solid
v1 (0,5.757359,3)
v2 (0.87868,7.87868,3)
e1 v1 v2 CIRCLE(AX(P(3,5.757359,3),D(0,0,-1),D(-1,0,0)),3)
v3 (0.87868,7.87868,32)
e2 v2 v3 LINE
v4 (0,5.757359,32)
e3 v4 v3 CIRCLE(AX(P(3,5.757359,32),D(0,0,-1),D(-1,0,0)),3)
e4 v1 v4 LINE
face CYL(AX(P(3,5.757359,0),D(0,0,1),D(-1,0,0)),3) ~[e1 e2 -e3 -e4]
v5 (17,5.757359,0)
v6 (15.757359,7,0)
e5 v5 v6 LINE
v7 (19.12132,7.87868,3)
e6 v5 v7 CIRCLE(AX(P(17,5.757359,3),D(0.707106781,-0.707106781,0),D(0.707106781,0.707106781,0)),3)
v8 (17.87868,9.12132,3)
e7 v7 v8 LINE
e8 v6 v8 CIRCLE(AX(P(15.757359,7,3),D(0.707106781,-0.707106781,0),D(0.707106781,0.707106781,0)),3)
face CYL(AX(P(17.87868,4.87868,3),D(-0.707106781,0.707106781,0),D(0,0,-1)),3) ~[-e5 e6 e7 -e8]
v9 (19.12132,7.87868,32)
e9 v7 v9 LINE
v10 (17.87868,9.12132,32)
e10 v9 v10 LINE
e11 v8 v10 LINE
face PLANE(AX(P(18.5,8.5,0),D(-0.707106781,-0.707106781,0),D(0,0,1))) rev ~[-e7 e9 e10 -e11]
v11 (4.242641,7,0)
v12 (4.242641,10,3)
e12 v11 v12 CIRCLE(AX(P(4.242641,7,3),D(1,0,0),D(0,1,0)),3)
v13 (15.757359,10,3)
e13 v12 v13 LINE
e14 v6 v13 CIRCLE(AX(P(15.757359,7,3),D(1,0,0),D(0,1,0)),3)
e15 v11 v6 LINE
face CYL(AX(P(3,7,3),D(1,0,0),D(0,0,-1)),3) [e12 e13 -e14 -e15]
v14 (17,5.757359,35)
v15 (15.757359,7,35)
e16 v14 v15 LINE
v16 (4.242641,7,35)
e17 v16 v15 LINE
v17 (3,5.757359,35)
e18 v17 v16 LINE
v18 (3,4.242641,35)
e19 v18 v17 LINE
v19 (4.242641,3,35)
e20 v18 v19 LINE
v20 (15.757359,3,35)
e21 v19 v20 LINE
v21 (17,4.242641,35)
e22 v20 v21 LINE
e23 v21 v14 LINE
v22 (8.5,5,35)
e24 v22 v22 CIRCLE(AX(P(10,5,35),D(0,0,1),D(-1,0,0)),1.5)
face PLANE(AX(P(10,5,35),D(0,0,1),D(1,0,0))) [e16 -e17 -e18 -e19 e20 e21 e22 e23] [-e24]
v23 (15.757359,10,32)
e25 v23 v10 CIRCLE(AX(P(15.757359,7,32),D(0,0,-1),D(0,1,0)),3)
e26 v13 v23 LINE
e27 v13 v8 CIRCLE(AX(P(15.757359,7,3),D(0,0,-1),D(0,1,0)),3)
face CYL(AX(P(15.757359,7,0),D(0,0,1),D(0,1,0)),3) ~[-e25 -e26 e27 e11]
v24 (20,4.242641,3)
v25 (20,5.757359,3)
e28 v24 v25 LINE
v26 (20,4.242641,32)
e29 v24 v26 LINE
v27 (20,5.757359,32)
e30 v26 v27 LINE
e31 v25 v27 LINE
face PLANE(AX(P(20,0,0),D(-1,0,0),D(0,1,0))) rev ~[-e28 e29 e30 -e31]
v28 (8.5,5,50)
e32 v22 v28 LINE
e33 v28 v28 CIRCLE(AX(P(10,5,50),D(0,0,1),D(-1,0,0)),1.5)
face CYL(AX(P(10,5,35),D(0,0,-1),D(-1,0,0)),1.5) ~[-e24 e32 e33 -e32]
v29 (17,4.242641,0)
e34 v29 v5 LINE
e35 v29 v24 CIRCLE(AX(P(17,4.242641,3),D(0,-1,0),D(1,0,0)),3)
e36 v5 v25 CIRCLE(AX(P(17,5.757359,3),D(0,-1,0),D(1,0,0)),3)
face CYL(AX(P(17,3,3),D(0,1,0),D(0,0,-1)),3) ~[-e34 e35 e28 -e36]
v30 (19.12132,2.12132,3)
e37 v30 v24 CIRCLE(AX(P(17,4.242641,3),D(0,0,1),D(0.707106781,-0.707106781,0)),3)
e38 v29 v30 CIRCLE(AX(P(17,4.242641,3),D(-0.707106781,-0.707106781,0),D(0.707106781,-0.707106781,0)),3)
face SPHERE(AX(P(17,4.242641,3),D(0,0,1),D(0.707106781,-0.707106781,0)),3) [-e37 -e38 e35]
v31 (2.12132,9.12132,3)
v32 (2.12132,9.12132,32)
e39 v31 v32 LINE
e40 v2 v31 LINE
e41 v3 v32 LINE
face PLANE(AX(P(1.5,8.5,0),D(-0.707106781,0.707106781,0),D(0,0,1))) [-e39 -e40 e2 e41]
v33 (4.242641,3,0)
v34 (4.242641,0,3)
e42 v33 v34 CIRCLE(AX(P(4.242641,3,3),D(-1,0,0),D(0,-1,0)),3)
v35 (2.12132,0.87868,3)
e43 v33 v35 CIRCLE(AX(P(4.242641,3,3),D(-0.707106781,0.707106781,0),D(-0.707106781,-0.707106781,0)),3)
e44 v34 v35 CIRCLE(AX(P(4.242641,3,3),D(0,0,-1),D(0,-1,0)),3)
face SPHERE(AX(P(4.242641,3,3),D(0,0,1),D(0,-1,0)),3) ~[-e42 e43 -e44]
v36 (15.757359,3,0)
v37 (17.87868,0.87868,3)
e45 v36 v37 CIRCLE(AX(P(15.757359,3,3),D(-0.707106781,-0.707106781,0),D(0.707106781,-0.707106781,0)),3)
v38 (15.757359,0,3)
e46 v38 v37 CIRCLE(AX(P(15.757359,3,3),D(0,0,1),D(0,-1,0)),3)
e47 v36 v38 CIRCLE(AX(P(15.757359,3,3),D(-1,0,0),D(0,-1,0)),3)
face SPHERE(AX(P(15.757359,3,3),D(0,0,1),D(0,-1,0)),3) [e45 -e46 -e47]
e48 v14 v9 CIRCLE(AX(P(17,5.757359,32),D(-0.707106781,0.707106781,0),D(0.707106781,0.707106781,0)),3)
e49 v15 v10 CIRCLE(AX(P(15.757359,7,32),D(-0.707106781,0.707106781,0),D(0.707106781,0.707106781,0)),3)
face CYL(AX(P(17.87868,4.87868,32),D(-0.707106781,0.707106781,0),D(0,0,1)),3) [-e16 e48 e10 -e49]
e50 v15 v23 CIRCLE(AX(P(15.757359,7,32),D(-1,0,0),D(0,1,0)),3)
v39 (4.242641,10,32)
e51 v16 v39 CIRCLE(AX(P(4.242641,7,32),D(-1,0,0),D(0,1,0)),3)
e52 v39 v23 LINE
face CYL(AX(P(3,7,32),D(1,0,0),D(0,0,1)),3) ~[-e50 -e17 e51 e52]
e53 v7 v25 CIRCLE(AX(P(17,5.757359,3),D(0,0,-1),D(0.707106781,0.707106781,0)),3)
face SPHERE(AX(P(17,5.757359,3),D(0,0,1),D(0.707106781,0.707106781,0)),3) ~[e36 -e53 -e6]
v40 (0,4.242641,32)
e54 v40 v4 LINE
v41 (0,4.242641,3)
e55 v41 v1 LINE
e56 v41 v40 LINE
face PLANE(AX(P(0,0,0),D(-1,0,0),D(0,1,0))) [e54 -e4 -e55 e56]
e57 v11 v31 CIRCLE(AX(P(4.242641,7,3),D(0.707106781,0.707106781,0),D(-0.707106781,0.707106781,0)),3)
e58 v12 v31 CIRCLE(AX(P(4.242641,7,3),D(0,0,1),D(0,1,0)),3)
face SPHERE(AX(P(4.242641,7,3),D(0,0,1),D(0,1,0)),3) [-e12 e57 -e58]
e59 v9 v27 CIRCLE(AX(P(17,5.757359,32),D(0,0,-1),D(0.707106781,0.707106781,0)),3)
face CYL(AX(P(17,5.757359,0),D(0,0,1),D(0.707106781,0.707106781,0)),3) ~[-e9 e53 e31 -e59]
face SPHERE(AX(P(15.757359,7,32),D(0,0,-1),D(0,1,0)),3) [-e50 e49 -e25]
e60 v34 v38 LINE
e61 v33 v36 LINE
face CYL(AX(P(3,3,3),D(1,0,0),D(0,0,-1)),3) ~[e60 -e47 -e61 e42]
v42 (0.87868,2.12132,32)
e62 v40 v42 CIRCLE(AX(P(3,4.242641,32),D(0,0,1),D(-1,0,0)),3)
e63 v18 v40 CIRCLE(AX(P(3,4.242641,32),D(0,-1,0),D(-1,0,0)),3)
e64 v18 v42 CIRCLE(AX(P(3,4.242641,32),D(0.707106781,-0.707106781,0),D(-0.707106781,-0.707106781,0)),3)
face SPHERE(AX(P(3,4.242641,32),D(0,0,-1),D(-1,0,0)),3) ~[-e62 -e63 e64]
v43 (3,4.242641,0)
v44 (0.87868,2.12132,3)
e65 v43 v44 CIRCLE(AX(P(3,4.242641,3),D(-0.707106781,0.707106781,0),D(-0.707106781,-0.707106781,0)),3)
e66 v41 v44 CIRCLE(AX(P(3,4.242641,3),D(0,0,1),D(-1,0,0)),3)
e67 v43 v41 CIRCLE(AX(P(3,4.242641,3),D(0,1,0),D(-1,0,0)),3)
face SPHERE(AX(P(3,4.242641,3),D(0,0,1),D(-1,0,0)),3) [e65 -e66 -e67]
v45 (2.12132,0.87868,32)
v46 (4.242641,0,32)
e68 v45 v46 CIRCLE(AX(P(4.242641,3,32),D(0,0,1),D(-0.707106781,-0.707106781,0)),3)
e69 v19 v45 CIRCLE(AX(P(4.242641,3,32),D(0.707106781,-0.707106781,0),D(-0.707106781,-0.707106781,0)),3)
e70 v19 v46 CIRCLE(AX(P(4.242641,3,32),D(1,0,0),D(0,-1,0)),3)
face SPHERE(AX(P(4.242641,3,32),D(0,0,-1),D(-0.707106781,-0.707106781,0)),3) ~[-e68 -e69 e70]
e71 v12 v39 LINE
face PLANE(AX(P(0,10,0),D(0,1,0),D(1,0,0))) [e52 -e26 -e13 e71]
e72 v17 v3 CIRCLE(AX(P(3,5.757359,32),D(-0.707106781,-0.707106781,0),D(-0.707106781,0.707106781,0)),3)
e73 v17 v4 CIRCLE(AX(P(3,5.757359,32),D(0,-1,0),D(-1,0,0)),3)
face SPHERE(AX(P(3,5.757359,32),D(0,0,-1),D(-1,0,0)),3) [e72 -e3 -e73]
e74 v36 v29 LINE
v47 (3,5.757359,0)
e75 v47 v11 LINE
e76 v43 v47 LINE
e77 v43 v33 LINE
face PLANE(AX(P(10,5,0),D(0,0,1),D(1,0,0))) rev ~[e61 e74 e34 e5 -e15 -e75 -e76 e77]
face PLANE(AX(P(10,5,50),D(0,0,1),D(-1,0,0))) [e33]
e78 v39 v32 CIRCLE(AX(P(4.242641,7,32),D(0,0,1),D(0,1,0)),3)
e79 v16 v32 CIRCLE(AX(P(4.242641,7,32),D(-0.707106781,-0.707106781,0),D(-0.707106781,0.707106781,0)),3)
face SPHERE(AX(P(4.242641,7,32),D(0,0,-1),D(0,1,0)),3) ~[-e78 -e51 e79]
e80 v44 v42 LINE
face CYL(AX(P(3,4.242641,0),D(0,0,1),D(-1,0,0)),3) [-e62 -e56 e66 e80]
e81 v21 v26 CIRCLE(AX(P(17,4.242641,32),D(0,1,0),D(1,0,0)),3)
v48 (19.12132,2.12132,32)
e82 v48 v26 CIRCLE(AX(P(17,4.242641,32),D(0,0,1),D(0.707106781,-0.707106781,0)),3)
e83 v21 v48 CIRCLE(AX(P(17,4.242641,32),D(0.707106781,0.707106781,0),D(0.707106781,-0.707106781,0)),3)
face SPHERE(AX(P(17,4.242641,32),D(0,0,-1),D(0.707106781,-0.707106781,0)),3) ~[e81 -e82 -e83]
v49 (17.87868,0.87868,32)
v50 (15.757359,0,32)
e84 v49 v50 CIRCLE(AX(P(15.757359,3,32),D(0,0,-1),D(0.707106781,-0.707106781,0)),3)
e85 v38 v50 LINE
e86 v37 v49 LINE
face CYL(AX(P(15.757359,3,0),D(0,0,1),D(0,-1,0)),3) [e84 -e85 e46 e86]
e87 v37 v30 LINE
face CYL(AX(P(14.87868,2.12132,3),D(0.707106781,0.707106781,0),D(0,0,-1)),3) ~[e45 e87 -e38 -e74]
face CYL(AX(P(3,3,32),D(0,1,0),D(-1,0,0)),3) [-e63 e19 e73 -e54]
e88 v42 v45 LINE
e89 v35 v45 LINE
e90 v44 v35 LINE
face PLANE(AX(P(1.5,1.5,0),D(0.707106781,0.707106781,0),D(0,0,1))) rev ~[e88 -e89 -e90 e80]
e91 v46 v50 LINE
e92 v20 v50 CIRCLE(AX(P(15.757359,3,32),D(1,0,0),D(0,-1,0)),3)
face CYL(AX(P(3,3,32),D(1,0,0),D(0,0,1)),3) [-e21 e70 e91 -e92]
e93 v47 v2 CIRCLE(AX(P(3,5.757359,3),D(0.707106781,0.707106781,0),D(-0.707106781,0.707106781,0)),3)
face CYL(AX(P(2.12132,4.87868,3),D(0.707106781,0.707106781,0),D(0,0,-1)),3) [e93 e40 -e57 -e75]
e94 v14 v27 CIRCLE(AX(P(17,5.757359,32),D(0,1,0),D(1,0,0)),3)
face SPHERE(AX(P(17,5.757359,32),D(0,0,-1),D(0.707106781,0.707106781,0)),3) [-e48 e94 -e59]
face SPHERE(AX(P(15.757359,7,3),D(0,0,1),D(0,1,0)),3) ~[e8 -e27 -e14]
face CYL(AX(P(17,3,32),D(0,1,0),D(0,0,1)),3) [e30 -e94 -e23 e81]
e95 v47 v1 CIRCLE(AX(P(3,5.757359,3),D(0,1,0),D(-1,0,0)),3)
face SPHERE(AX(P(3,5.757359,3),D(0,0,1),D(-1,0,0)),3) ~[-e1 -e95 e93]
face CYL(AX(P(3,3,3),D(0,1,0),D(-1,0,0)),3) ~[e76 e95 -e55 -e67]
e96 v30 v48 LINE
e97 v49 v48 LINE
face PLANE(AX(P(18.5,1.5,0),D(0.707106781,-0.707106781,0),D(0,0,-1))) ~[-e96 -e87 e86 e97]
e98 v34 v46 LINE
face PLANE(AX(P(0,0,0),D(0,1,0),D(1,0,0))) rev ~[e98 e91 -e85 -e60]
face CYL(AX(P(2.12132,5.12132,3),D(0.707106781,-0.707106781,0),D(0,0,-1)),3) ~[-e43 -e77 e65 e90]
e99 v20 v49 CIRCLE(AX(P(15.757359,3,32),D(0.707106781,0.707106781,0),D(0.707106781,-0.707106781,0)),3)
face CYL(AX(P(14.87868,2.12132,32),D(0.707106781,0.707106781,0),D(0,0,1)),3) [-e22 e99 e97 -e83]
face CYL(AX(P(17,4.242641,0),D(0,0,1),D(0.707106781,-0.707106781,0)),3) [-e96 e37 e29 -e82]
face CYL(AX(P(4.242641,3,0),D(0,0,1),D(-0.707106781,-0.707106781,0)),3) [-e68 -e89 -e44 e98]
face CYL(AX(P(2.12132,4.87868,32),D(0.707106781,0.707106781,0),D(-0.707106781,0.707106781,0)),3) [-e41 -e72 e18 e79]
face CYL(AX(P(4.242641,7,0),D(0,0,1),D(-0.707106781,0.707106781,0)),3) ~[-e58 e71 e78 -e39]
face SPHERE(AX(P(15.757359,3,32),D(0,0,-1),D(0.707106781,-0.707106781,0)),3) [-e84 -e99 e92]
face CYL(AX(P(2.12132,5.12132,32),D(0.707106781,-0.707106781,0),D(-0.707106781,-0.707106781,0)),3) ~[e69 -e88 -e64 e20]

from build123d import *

# Parameters (mm, degrees)
SKETCH_1_W      = 20
SKETCH_1_H      = 10
EXTRUDE_1_DEPTH = 35
CHAMFER_2_SIZE  = 3
FILLET_1_R      = 3
SKETCH_2_R      = 1.5
EXTRUDE_2_DEPTH = 15


with BuildPart() as part:
    # 草图1 → 凸台-拉伸1 (new body)
    with BuildSketch(Plane.XY):
        with Locations((10, 5)):
            Rectangle(SKETCH_1_W, SKETCH_1_H)
    extrude(amount=EXTRUDE_1_DEPTH)

    # 倒角2
    chamfer_2_edges = [part.edges().sort_by_distance(p)[0] for p in [
        (0, 0, 17.5),
        (0, 10, 17.5),
        (20, 10, 17.5),
        (20, 0, 17.5),
    ]]
    chamfer(chamfer_2_edges, length=CHAMFER_2_SIZE)

    # 圆角1
    fillet_1_edges = [part.edges().sort_by_distance(p)[0] for p in [
        (20, 5, 0),
        (20, 5, 35),
        (20, 7, 17.5),
        (20, 3, 17.5),
        (10, 0, 0),
        (0, 5, 0),
        (10, 10, 0),
        (18.5, 8.5, 0),
        (1.5, 8.5, 0),
        (1.5, 1.5, 0),
        (18.5, 1.5, 0),
        (10, 0, 35),
        (3, 0, 17.5),
        (17, 0, 17.5),
        (10, 10, 35),
        (0, 5, 35),
        (18.5, 8.5, 35),
        (1.5, 8.5, 35),
        (1.5, 1.5, 35),
        (18.5, 1.5, 35),
        (0, 7, 17.5),
        (0, 3, 17.5),
        (17, 10, 17.5),
        (3, 10, 17.5),
    ]]
    fillet(fillet_1_edges, radius=FILLET_1_R)

    # 草图2 → 凸台-拉伸2 (add)
    with BuildSketch(Plane.XY.offset(35)):
        with Locations(Location((10, 5, 0), (0, 0, 180))):
            Circle(SKETCH_2_R)
    extrude(amount=EXTRUDE_2_DEPTH)


solid = part.part
